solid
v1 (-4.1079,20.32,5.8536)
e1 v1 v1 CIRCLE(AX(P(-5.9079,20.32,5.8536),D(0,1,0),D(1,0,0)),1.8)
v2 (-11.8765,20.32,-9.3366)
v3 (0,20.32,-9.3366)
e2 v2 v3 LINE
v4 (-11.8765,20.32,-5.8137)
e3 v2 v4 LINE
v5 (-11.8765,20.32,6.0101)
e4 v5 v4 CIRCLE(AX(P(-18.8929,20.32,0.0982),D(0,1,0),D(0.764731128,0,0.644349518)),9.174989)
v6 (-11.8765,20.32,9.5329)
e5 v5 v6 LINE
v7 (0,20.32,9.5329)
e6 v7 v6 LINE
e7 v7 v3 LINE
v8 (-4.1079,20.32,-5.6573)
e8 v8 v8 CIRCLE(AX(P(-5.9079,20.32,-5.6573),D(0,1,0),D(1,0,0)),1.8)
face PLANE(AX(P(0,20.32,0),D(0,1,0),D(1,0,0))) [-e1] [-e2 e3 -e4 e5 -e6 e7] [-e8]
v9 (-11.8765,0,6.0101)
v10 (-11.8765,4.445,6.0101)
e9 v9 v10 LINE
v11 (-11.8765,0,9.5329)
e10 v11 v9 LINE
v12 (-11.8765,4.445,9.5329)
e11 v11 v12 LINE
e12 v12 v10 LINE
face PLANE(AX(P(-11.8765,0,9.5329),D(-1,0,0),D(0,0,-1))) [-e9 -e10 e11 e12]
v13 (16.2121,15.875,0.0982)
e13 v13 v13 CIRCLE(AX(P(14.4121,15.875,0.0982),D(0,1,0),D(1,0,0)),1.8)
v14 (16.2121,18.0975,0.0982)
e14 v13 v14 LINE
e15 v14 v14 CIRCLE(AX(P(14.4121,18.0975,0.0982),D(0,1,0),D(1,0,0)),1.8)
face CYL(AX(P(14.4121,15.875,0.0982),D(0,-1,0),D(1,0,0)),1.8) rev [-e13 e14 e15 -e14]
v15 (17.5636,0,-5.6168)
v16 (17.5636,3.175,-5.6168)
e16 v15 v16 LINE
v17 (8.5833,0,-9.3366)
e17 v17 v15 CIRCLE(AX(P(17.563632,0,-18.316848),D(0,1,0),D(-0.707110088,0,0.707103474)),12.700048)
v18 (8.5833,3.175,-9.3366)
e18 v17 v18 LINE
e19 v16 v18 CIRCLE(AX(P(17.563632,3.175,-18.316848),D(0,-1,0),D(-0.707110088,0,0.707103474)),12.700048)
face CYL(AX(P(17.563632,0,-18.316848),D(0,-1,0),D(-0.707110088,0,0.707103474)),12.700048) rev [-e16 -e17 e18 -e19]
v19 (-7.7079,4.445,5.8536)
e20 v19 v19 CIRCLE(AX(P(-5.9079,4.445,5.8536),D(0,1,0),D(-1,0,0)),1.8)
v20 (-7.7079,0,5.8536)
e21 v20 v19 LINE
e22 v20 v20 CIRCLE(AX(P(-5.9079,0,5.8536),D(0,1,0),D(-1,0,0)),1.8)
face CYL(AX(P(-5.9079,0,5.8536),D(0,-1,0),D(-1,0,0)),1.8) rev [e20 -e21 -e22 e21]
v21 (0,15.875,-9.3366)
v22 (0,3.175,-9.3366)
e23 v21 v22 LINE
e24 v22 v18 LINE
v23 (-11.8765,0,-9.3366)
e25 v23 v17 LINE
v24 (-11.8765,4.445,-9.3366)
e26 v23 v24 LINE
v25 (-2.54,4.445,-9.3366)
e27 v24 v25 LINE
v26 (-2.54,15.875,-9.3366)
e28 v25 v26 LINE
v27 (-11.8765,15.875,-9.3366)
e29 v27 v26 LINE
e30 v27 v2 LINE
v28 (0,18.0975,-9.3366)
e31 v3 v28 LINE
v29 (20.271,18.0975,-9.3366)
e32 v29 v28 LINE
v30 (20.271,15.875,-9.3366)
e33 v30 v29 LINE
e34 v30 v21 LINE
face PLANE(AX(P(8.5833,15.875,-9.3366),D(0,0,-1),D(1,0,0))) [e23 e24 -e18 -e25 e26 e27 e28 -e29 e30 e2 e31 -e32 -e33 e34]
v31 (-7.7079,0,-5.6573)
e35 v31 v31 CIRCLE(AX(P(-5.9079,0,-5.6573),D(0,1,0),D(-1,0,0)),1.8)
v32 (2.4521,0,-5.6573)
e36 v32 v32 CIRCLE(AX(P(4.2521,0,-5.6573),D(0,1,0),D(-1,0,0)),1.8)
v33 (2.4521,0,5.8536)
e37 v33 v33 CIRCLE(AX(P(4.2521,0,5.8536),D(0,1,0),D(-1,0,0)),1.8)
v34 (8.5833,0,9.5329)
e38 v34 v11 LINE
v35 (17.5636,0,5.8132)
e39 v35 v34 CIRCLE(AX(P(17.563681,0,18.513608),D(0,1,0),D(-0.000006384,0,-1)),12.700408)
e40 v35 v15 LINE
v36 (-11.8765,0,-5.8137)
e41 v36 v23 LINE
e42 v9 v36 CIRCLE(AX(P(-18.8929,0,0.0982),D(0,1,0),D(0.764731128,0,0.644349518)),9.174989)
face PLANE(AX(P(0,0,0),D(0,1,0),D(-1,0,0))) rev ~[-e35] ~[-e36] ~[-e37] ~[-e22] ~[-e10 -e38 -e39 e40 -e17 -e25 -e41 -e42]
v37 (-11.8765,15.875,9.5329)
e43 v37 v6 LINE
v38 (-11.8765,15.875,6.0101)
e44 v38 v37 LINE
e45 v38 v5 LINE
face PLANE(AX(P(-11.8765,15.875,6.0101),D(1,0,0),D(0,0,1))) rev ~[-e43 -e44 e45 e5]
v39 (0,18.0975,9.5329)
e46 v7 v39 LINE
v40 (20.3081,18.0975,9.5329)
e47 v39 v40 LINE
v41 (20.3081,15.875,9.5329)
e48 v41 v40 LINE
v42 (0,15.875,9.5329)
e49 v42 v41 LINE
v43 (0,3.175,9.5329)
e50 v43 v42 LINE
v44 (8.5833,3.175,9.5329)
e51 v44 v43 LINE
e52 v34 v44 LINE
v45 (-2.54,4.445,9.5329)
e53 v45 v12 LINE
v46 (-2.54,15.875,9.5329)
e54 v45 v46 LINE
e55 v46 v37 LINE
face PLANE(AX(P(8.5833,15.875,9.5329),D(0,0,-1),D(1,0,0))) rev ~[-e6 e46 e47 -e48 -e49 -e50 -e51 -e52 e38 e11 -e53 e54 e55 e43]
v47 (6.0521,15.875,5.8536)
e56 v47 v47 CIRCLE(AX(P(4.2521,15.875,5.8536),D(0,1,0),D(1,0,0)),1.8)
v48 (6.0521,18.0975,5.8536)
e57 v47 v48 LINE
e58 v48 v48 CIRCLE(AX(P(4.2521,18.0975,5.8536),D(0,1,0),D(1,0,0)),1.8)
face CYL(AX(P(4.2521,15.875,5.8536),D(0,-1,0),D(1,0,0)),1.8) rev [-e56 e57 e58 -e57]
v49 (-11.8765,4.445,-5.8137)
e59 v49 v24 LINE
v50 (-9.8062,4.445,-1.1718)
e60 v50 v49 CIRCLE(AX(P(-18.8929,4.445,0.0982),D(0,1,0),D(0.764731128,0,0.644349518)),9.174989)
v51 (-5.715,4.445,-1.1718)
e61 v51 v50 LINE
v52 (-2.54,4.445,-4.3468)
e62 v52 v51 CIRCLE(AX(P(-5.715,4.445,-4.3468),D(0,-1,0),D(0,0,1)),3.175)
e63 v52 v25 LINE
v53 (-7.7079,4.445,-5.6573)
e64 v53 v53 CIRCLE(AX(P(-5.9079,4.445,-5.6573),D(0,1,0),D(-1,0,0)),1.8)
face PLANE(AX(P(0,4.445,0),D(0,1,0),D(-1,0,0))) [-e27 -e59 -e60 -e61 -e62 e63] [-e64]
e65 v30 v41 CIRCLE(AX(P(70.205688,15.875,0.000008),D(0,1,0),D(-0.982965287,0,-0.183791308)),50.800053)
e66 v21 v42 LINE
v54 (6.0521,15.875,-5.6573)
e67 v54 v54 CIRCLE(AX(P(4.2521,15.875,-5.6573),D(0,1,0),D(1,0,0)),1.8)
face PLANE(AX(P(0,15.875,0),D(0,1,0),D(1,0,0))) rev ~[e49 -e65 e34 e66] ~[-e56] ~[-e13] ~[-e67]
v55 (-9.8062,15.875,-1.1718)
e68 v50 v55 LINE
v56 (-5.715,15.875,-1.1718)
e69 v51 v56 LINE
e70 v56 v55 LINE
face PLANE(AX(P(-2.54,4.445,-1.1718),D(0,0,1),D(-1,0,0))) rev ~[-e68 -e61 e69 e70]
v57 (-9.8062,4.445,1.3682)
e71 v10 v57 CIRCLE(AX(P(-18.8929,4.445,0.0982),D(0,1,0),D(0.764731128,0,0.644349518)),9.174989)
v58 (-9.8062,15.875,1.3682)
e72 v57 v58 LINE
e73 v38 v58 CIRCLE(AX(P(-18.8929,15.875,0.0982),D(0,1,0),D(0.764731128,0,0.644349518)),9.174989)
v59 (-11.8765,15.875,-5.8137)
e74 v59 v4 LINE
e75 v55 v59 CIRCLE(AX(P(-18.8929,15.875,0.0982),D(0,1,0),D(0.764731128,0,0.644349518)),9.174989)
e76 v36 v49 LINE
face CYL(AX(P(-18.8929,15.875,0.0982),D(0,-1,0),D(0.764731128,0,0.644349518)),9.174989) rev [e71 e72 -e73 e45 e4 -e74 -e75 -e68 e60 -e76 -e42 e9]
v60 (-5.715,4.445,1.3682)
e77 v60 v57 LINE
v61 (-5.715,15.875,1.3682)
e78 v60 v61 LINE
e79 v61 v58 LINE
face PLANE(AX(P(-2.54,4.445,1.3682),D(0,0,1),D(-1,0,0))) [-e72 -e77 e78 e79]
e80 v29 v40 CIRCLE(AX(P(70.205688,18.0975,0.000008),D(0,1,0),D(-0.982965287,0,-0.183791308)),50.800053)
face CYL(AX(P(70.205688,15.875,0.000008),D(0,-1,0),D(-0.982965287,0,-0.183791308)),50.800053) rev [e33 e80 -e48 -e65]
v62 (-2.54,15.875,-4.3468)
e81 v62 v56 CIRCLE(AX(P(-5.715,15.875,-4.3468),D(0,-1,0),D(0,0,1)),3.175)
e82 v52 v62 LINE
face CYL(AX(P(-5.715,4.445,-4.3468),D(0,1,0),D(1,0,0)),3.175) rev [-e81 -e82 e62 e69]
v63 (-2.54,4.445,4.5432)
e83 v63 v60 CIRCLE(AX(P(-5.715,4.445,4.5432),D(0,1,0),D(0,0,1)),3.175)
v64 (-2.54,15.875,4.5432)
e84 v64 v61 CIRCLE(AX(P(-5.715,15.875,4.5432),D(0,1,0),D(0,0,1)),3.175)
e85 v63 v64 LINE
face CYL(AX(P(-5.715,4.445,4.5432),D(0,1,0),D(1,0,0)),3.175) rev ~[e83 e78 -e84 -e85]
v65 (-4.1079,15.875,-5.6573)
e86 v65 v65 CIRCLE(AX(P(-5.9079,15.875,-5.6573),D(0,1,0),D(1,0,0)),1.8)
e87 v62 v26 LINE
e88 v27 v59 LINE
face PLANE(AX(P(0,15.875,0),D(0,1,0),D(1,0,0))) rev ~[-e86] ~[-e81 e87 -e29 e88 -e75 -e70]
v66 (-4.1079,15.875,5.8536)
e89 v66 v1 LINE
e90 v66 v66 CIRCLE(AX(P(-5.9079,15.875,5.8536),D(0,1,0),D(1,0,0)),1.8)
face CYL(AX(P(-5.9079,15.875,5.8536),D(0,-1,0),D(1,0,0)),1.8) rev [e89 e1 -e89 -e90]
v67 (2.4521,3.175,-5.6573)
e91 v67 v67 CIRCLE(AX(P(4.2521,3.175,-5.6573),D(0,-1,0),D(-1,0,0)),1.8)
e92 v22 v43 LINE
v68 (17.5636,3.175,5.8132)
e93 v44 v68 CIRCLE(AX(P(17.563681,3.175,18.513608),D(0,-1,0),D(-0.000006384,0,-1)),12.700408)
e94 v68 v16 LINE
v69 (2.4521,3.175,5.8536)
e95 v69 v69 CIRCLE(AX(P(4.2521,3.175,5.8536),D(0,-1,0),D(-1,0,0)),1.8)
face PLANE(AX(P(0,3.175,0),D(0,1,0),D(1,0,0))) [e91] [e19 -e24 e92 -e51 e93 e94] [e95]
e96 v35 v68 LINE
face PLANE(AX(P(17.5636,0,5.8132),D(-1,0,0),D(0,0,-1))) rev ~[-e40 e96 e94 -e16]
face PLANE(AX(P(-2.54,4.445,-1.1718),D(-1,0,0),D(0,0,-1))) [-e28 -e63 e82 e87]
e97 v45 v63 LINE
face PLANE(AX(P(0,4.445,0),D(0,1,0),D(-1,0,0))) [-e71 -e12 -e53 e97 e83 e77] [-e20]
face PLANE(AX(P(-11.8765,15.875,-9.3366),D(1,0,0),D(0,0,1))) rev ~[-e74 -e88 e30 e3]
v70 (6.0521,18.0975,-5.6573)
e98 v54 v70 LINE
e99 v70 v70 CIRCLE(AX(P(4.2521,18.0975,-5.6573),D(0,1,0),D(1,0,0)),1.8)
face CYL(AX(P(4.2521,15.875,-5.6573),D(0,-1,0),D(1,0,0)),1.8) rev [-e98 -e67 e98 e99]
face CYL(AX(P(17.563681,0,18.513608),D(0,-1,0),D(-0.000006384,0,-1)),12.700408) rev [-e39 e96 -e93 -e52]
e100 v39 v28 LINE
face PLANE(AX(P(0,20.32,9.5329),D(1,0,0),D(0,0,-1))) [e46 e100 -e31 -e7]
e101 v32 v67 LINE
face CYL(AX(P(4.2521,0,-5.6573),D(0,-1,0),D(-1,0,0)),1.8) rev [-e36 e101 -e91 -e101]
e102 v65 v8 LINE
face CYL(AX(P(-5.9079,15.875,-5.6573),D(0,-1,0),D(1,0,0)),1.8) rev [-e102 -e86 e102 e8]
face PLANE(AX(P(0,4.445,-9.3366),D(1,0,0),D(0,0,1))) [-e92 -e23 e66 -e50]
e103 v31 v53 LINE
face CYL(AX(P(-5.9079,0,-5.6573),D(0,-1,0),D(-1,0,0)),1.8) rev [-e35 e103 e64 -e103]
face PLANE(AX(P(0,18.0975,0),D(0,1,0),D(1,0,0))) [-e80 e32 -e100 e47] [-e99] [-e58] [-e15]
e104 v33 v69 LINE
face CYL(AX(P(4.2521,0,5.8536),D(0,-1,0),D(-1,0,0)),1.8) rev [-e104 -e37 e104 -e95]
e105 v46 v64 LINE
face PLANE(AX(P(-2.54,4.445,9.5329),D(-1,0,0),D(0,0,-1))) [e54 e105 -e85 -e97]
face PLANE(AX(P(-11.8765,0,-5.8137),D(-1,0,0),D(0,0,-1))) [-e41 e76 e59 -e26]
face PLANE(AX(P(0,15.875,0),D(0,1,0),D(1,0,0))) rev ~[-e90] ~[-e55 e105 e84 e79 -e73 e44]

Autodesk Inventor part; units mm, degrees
ref_plane "YZ Plane" through (0, 0, 0) normal (1, 0, 0) x (0, 1, 0)
ref_plane "XZ Plane" through (0, 0, 0) normal (0, 1, 0) x (-1, 0, 0)
ref_plane "XY Plane" through (0, 0, 0) normal (0, 0, 1) x (1, 0, 0)
sketch "Sketch1" plane through (0, 0, 0) normal (0, 1, 0) x (-1, 0, 0)
  arc A0 (-17.5636, 5.8132) -> (-8.5833, 9.5329) centre (-17.5636, 18.5132) ccw
  arc A1 (-17.5636, 5.8132) -> (-8.5833, 9.5329) centre (-17.5636, 18.5132) ccw
  arc A2 (-8.5833, -9.3366) -> (-17.5636, -5.6168) centre (-17.5636, -18.3168) ccw
  arc A3 (-8.5833, -9.3366) -> (-17.5636, -5.6168) centre (-17.5636, -18.3168) ccw
  line L0 (-17.5636, 5.8132) -> (-17.5636, -5.6168)
  line L1 (-8.5833, 9.5329) -> (11.8765, 9.5329)
  line L2 (-8.5833, -9.3366) -> (11.1934, -9.3366)
  arc A4 (11.8765, 6.0101) -> (11.8765, -5.8137) centre (18.8929, 0.0982) ccw
  line L3 (11.8765, -9.3366) -> (11.1934, -9.3366)
  line L4 (11.8765, 9.5329) -> (11.8765, 6.0101)
  line L5 (11.8765, -5.8137) -> (11.8765, -9.3366)
  circle A5 centre (5.9079, 5.8536) radius 1.8
  circle A6 centre (5.9079, 5.8536) radius 1.8
  circle A7 centre (-4.2521, 5.8536) radius 1.8
  circle A8 centre (-4.2521, 5.8536) radius 1.8
  circle A9 centre (5.9079, -5.6573) radius 1.8
  circle A10 centre (5.9079, -5.6573) radius 1.8
  circle A11 centre (-4.2521, -5.6573) radius 1.8
  circle A12 centre (-4.2521, -5.6573) radius 1.8
  point P0 (12.4052, 6.5859)
extrude "Extrusion1" add sketch "Sketch1" along normal blind 4.445
sketch "Sketch2" plane through (0, 4.445, 0) normal (0, 1, 0) x (1, 0, 0)
  line L0 (-11.8765, -9.5329) -> (8.5833, -9.5329) projected
  line L1 (8.5833, 9.3366) -> (-11.8765, 9.3366) projected
  line L2 (0, -9.5329) -> (-2.54, -9.5329)
  line L3 (-2.54, 9.3366) -> (0, 9.3366)
  line L4 (0, 9.3366) -> (0, -9.5329)
  line L5 (-2.54, -1.3682) -> (-9.8062, -1.3682)
  line L6 (-2.54, 1.1718) -> (-9.8062, 1.1718)
  arc A0 (-11.8765, -6.0101) -> (-11.8765, 5.8137) centre (-18.8929, -0.0982) ccw projected
  arc A1 (-9.8062, -1.3682) -> (-9.8062, 1.1718) centre (-18.8929, -0.0982) ccw
  line L7 (-2.54, -9.5329) -> (-2.54, -1.3682)
  line L8 (-2.54, 1.1718) -> (-2.54, 9.3366)
  point P0 (0, 0)
  dimension "d2" = 2.54
extrude "Extrusion2" add sketch "Sketch2" along normal blind 11.43
sketch "Sketch3" plane through (0, 4.445, 0) normal (0, 1, 0) x (1, 0, 0)
  line L0 (0, -11.1934) -> (18.2988, -11.1934)
  line L1 (18.2988, -11.1934) -> (18.2988, 11.7125)
  line L2 (18.2988, 11.7125) -> (0, 11.7125)
  line L3 (0, 11.7125) -> (0, -11.1934)
  point P0 (0, 0)
extrude "Extrusion3" cut sketch "Sketch3" against normal blind 1.27
sketch "Sketch4" plane through (0, 15.875, 0) normal (0, 1, 0) x (1, 0, 0)
  arc A0 (20.271, 9.3366) -> (20.3081, -9.5329) centre (70.2056, 0) ccw
  line L0 (8.5833, -9.5329) -> (0, -9.5329) projected
  line L1 (-11.8765, -6.0101) -> (-11.8765, -9.5329) projected
  line L2 (7.4252, -9.5329) -> (-11.8765, -9.5329)
  line L3 (-11.8765, -9.5329) -> (-11.8765, -6.0101)
  arc A1 (-11.8765, -6.0101) -> (-11.8765, 5.8137) centre (-18.8929, -0.0982) ccw projected
  line L4 (-11.8765, 9.3366) -> (-11.8765, 5.8137) projected
  line L5 (-11.8765, 5.8137) -> (-11.8765, 9.3366)
  line L6 (-11.8765, 9.3366) -> (7.3957, 9.3366)
  line L7 (0, 9.3366) -> (8.5833, 9.3366) projected
  arc A2 (-11.8765, -6.0101) -> (-11.8765, 5.8137) centre (-18.8929, -0.0982) ccw
  line L8 (-11.8765, -9.5329) -> (8.5833, -9.5329) projected
  line L9 (-11.8765, -9.5329) -> (20.3081, -9.5329)
  line L10 (8.5833, 9.3366) -> (-11.8765, 9.3366) projected
  line L11 (-11.8765, 9.3366) -> (20.271, 9.3366)
  circle A3 centre (-5.9079, -5.8536) radius 1.8 projected
  circle A4 centre (-5.9079, -5.8536) radius 1.8
  circle A5 centre (-5.9079, 5.6573) radius 1.8 projected
  circle A6 centre (-5.9079, 5.6573) radius 1.8
  circle A7 centre (4.2521, -5.8536) radius 1.8 projected
  circle A8 centre (4.2521, -5.8536) radius 1.8
  circle A9 centre (4.2521, 5.6573) radius 1.8 projected
  circle A10 centre (4.2521, 5.6573) radius 1.8
  circle A11 centre (14.4121, -0.0982) radius 1.8
  point P0 (0, 0)
  dimension "d10" = 101.6
  dimension "d13" = 3.6
extrude "Extrusion4" add sketch "Sketch4" along normal blind 4.445
sketch "Sketch5" plane through (0, 20.32, 0) normal (0, 1, 0) x (1, 0, 0)
  line L0 (0, -9.5329) -> (20.3081, -9.5329) projected
  line L1 (20.3081, -9.5329) -> (0, -9.5329)
  line L2 (0, -9.5329) -> (0, 9.3366) projected
  line L3 (0, -9.5329) -> (0, 9.3366)
  line L4 (20.271, 9.3366) -> (0, 9.3366) projected
  line L5 (0, 9.3366) -> (20.271, 9.3366)
  arc A0 (20.271, 9.3366) -> (20.3081, -9.5329) centre (70.2056, 0) ccw
  circle A1 centre (4.2521, -5.8536) radius 1.8 projected
  circle A2 centre (4.2521, -5.8536) radius 1.8
  circle A3 centre (4.2521, 5.6573) radius 1.8 projected
  circle A4 centre (4.2521, 5.6573) radius 1.8
  circle A5 centre (14.4121, -0.0982) radius 1.8 projected
  circle A6 centre (14.4121, -0.0982) radius 1.8
  point P0 (0, 0)
extrude "Extrusion5" cut sketch "Sketch5" against normal blind 2.2225
fillet "Fillet1" radius 3.175 2 edges at (-2.54, 10.16, 1.3682) (-2.54, 10.16, -1.1718)
sketch "Sketch6" plane through (0, 20.32, 0) normal (0, 1, 0) x (1, 0, 0)
  circle A0 centre (-5.9079, -5.8536) radius 1.8 projected
  circle A1 centre (-5.9079, -5.8536) radius 1.8
  circle A2 centre (-5.9079, 5.6573) radius 1.8 projected
  circle A3 centre (-5.9079, 5.6573) radius 1.8
  circle A4 centre (4.2521, -5.8536) radius 1.8 projected
  circle A5 centre (4.2521, -5.8536) radius 1.8
  circle A6 centre (4.2521, 5.6573) radius 1.8 projected
  circle A7 centre (4.2521, 5.6573) radius 1.8
  circle A8 centre (14.4121, -0.0982) radius 1.8 projected
  circle A9 centre (14.4121, -0.0982) radius 1.8
  line L0 (-11.8765, -9.5329) -> (-2.54, -9.5329) projected
  arc A10 (20.271, 9.3366) -> (20.3081, -9.5329) centre (70.2056, 0) ccw projected
  line L1 (-11.8765, -9.5329) -> (20.3081, -9.5329)
  line L2 (-11.8765, -6.0101) -> (-11.8765, -9.5329) projected
  line L3 (-11.8765, -9.5329) -> (-11.8765, -6.0101)
  line L4 (-11.8765, 9.3366) -> (-11.8765, 5.8137) projected
  line L5 (-11.8765, 5.8137) -> (-11.8765, 9.3366)
  line L6 (0, 9.3366) -> (20.271, 9.3366) projected
  line L7 (-11.8765, 9.3366) -> (20.271, 9.3366)
  arc A11 (-11.8765, -6.0101) -> (-11.8765, 5.8137) centre (-18.8929, -0.0982) ccw
  line L8 (0, -9.5329) -> (0, 9.3366)
  line L9 (8.5833, 9.3366) -> (-11.8765, 9.3366) projected
  point P0 (0, 0)
properties part number "MountingBracket"
